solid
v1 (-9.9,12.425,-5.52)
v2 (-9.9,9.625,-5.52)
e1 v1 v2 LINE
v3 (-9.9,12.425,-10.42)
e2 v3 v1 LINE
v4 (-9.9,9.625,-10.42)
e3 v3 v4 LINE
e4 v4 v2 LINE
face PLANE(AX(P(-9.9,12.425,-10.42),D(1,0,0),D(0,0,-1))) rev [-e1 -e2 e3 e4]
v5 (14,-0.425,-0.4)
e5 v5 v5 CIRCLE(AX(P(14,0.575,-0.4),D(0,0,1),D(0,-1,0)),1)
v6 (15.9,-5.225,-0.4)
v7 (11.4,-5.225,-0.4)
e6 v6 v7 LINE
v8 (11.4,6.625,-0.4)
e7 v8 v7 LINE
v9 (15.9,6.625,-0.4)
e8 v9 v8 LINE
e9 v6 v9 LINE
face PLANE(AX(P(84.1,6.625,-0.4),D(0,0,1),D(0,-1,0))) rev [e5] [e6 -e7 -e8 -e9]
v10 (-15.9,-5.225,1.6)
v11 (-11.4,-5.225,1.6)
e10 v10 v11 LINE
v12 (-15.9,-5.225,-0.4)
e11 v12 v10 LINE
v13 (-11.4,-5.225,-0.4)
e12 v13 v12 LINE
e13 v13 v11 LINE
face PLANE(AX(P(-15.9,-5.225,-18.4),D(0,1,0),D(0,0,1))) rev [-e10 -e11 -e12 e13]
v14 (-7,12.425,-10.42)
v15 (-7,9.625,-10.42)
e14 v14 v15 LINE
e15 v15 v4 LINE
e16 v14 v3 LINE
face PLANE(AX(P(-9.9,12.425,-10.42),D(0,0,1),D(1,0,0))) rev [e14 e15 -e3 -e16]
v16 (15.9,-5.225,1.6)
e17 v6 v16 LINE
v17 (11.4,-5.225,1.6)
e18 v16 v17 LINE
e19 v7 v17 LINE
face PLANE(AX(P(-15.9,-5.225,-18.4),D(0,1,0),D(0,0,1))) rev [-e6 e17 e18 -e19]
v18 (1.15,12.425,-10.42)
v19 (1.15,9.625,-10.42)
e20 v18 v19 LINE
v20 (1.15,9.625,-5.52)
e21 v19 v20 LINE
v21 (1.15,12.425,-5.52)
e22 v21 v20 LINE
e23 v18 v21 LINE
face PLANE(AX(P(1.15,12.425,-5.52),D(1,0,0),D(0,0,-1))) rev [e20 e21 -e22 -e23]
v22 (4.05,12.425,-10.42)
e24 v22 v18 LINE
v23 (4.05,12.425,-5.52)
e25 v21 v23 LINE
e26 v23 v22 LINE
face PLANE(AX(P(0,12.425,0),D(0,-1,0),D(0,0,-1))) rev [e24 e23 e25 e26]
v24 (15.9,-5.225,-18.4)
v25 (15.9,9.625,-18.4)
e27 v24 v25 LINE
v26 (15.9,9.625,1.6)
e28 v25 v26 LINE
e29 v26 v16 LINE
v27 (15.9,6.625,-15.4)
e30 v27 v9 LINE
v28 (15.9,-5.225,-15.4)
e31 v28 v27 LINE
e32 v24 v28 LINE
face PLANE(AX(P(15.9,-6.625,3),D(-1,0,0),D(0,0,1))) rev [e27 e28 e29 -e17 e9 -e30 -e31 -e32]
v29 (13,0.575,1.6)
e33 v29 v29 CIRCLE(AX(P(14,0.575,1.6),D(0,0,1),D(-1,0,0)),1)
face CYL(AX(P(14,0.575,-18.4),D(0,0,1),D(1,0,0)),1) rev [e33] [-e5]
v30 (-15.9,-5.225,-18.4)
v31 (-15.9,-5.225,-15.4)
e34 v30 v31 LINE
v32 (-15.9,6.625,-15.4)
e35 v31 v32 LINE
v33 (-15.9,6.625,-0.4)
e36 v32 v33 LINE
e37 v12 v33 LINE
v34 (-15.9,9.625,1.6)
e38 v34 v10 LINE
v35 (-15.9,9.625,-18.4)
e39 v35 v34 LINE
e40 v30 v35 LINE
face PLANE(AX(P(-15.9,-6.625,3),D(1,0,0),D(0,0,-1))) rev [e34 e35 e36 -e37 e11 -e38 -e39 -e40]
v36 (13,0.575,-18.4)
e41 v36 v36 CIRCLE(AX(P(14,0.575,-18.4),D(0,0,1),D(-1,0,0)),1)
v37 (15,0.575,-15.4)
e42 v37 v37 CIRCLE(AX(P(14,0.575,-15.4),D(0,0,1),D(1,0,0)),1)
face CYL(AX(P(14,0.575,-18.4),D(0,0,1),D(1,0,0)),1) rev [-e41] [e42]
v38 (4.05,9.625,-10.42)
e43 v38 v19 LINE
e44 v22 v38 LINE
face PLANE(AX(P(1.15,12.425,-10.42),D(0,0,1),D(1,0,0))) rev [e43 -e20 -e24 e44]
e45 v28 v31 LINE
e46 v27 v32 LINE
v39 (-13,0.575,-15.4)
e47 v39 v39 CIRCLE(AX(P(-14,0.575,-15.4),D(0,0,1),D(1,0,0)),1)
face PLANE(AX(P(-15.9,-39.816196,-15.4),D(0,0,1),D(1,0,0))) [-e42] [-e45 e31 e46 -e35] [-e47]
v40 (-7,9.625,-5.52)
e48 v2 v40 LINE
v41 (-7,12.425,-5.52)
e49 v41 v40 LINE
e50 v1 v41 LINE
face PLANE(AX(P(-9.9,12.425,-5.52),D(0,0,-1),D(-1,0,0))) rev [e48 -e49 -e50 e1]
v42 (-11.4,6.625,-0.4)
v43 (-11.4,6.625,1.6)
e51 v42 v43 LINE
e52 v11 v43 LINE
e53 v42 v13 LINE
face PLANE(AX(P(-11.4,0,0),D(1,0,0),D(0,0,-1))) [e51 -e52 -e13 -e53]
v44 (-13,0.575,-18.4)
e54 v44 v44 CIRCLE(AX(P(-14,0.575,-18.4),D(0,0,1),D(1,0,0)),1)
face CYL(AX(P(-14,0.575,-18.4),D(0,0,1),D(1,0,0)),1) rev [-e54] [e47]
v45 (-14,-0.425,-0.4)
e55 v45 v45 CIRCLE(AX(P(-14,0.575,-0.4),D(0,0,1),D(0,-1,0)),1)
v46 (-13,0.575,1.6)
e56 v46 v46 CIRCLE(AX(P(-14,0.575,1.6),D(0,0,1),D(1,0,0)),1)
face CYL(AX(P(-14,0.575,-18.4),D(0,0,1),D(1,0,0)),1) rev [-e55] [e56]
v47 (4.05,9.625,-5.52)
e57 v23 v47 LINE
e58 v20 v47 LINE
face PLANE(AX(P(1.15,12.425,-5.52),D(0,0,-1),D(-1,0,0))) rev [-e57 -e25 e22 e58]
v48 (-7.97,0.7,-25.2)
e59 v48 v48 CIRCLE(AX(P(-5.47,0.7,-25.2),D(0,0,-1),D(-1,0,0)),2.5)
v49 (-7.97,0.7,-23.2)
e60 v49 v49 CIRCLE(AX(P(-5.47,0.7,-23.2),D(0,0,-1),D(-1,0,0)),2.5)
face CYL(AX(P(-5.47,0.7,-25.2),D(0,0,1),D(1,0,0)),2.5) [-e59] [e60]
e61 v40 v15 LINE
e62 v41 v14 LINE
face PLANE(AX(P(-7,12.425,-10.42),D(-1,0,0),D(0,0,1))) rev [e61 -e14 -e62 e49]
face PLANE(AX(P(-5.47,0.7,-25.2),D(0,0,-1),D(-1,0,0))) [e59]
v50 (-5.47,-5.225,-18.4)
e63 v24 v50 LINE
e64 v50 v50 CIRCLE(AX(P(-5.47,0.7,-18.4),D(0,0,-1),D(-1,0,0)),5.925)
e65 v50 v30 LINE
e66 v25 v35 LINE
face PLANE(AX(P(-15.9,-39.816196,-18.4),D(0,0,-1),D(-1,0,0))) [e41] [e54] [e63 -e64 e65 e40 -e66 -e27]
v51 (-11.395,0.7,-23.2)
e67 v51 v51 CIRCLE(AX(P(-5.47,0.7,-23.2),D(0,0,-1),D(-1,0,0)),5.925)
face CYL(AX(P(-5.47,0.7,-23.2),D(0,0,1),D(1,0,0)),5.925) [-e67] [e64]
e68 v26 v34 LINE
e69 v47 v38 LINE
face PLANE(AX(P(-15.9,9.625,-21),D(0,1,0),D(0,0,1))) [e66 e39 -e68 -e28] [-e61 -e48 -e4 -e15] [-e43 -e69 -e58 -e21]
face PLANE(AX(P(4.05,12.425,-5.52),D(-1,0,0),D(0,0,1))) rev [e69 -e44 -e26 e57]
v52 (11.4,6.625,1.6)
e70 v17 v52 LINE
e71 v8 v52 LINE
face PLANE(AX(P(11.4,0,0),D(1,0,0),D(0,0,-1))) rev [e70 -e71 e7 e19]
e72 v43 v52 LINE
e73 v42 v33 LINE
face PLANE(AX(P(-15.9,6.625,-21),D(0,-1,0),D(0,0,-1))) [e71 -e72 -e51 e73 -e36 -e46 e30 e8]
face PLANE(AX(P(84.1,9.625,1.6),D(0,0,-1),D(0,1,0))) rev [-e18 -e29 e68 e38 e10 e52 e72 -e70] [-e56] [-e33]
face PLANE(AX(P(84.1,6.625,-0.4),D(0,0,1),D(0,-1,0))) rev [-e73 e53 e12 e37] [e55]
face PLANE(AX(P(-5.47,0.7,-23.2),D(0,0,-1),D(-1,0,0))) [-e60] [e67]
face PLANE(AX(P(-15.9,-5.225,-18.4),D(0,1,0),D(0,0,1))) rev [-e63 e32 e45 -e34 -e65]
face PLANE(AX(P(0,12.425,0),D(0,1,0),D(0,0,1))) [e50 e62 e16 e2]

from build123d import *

# Parameters (mm, degrees)
SKETCH1_W            = 31.8
SKETCH1_H            = 13.25
BOSS_EXTRUDE3_DEPTH  = 3
SKETCH3_W            = 31.8
SKETCH3_H            = 3
BOSS_EXTRUDE4_DEPTH  = 24
SKETCH4_W            = 22.8
SKETCH4_H            = 13.25
CUT_EXTRUDE3_DEPTH   = 3
SKETCH6_W            = 31.8
SKETCH6_H            = 2
BOSS_EXTRUDE5_DEPTH  = 13.25
SKETCH7_W            = 3.6
SKETCH7_H            = 3
CUT_EXTRUDE4_DEPTH   = 40.30496947
SKETCH8_W            = 2
SKETCH8_H            = 1.25
BOSS_EXTRUDE6_DEPTH  = 31.8
SKETCH10_W           = 2
SKETCH10_H           = 17.5
CUT_EXTRUDE6_DEPTH   = 38.505207972
BOSS_EXTRUDE7_START  = -31.8
SKETCH11_W           = 3
SKETCH11_H           = 1.25
BOSS_EXTRUDE7_DEPTH  = 31.8
SKETCH12_W           = 22.8
SKETCH12_H           = 1.25
CUT_EXTRUDE7_DEPTH   = 4
SKETCH15_W           = 31.8
SKETCH15_H           = 3
BOSS_EXTRUDE9_DEPTH  = 17.5
BOSS_EXTRUDE12_DEPTH = 5
SKETCH20_W           = 15
SKETCH20_H           = 14.5
SKETCH20_W_2         = 5.230602644
SKETCH20_H_2         = 17.5
CUT_EXTRUDE9_DEPTH   = 100
SKETCH22_R           = 1
SKETCH22_W           = 31.8
SKETCH22_H           = 2.65
CUT_EXTRUDE11_DEPTH  = 20
SKETCH24_R           = 5.925
BOSS_EXTRUDE13_DEPTH = 4.8
SKETCH25_R           = 2.5
BOSS_EXTRUDE14_DEPTH = 2
SKETCH26_W           = 2.9
SKETCH26_H           = 4.9
BOSS_EXTRUDE15_DEPTH = 2.8


with BuildPart() as part:
    # Sketch1 → Boss-Extrude3 (new body)
    with BuildSketch(Plane.XY):
        Rectangle(SKETCH1_W, SKETCH1_H)
    extrude(amount=BOSS_EXTRUDE3_DEPTH)

    # Sketch3 → Boss-Extrude4 (add)
    with BuildSketch(Plane.XY.offset(3)):
        with Locations((0, 8.125)):
            Rectangle(SKETCH3_W, SKETCH3_H)
    extrude(amount=-BOSS_EXTRUDE4_DEPTH)

    # Sketch4 → Cut-Extrude3 (cut)
    with BuildSketch(Plane.XY.offset(3)):
        Rectangle(SKETCH4_W, SKETCH4_H)
    extrude(amount=-CUT_EXTRUDE3_DEPTH, mode=Mode.SUBTRACT)

    # Sketch6 → Boss-Extrude5 (add)
    with BuildSketch(Plane.XZ.offset(-6.625)):
        with Locations((0, -16.4)):
            Rectangle(SKETCH6_W, SKETCH6_H)
    extrude(amount=BOSS_EXTRUDE5_DEPTH)

    # Sketch7 → Cut-Extrude4 (cut, through all)
    with BuildSketch(Plane.ZY.offset(15.9)):
        with Locations((-19.2, 8.125)):
            Rectangle(SKETCH7_W, SKETCH7_H)
    extrude(amount=-CUT_EXTRUDE4_DEPTH, mode=Mode.SUBTRACT)

    # Sketch8 → Boss-Extrude6 (add)
    with BuildSketch(Plane(origin=(15.9, 0, 0), x_dir=(0, 0, -1), z_dir=(1, 0, 0))):
        with Locations((16.4, -7.25)):
            Rectangle(SKETCH8_W, SKETCH8_H)
    extrude(amount=-BOSS_EXTRUDE6_DEPTH)

    # Sketch10 → Cut-Extrude6 (cut, through all)
    with BuildSketch(Plane(origin=(15.9, 0, 0), x_dir=(0, 0, -1), z_dir=(1, 0, 0))):
        with Locations((16.4, 0.875)):
            Rectangle(SKETCH10_W, SKETCH10_H)
    extrude(amount=-CUT_EXTRUDE6_DEPTH, mode=Mode.SUBTRACT)

    # Sketch11 → Boss-Extrude7 (add)
    with BuildSketch(Plane(origin=(15.9, 0, 0), x_dir=(0, 0, -1), z_dir=(1, 0, 0)).offset(BOSS_EXTRUDE7_START)):
        with Locations((-1.5, -7.25)):
            Rectangle(SKETCH11_W, SKETCH11_H)
    boss_extrude7 = extrude(amount=BOSS_EXTRUDE7_DEPTH)

    # Mirror2: Boss-Extrude7 across plane
    add(boss_extrude7.mirror(Plane(origin=(0, 0, 0), x_dir=(0, 0, 1), z_dir=(1, 0, 0))))

    # Sketch12 → Cut-Extrude7 (cut)
    with BuildSketch(Plane.XY.offset(3)):
        with Locations((0, -7.25)):
            Rectangle(SKETCH12_W, SKETCH12_H)
    extrude(amount=-CUT_EXTRUDE7_DEPTH, mode=Mode.SUBTRACT)

    # Sketch15 → Boss-Extrude9 (add)
    with BuildSketch(Plane(origin=(0, 9.625, 0), x_dir=(1, 0, 0), z_dir=(0, 1, 0))):
        with Locations((0, 16.9)):
            Rectangle(SKETCH15_W, SKETCH15_H)
    extrude(amount=-BOSS_EXTRUDE9_DEPTH)

    # Sketch19 → Boss-Extrude12 (add)
    with BuildSketch(Plane.XY.offset(3)):
        Polygon((-15.9, 9.625), (15.9, 9.625), (15.9, -7.875), (11.4, -7.875), (11.4, 6.625), (-11.4, 6.625), (-11.4, -7.875), (-15.9, -7.875), align=None)
    extrude(amount=-BOSS_EXTRUDE12_DEPTH)

    # Sketch20 → Cut-Extrude9 (cut)
    with BuildSketch(Plane.ZY.offset(15.9)):
        with Locations((-7.9, -0.625)):
            Rectangle(SKETCH20_W, SKETCH20_H)
        with Locations((4.215301322, 0.875)):
            Rectangle(SKETCH20_W_2, SKETCH20_H_2)
    extrude(amount=-CUT_EXTRUDE9_DEPTH, mode=Mode.SUBTRACT)

    # Sketch22 → Cut-Extrude11 (cut)
    with BuildSketch(Plane.XY.offset(1.6)):
        with Locations((-14, 0.575)):
            Circle(SKETCH22_R)
        with Locations((14, 0.575)):
            Circle(SKETCH22_R)
        with Locations((0, -6.55)):
            Rectangle(SKETCH22_W, SKETCH22_H)
    extrude(amount=-CUT_EXTRUDE11_DEPTH, mode=Mode.SUBTRACT)

    # Sketch24 → Boss-Extrude13 (add)
    with BuildSketch(Plane(origin=(0, 0, -18.4), x_dir=(-1, 0, 0), z_dir=(0, 0, -1))):
        with Locations(Location((5.47, 0.7, 0), (0, 0, 270))):
            Circle(SKETCH24_R)
    extrude(amount=BOSS_EXTRUDE13_DEPTH)

    # Sketch25 → Boss-Extrude14 (add)
    with BuildSketch(Plane(origin=(0, 0, -23.2), x_dir=(-1, 0, 0), z_dir=(0, 0, -1))):
        with Locations((5.47, 0.7)):
            Circle(SKETCH25_R)
    extrude(amount=BOSS_EXTRUDE14_DEPTH)

    # Sketch26 → Boss-Extrude15 (add)
    with BuildSketch(Plane(origin=(0, 9.625, 0), x_dir=(1, 0, 0), z_dir=(0, 1, 0))):
        with Locations((-8.45, 7.97)):
            Rectangle(SKETCH26_W, SKETCH26_H)
        with Locations((2.6, 7.97)):
            Rectangle(SKETCH26_W, SKETCH26_H)
    extrude(amount=BOSS_EXTRUDE15_DEPTH)


solid = part.part
